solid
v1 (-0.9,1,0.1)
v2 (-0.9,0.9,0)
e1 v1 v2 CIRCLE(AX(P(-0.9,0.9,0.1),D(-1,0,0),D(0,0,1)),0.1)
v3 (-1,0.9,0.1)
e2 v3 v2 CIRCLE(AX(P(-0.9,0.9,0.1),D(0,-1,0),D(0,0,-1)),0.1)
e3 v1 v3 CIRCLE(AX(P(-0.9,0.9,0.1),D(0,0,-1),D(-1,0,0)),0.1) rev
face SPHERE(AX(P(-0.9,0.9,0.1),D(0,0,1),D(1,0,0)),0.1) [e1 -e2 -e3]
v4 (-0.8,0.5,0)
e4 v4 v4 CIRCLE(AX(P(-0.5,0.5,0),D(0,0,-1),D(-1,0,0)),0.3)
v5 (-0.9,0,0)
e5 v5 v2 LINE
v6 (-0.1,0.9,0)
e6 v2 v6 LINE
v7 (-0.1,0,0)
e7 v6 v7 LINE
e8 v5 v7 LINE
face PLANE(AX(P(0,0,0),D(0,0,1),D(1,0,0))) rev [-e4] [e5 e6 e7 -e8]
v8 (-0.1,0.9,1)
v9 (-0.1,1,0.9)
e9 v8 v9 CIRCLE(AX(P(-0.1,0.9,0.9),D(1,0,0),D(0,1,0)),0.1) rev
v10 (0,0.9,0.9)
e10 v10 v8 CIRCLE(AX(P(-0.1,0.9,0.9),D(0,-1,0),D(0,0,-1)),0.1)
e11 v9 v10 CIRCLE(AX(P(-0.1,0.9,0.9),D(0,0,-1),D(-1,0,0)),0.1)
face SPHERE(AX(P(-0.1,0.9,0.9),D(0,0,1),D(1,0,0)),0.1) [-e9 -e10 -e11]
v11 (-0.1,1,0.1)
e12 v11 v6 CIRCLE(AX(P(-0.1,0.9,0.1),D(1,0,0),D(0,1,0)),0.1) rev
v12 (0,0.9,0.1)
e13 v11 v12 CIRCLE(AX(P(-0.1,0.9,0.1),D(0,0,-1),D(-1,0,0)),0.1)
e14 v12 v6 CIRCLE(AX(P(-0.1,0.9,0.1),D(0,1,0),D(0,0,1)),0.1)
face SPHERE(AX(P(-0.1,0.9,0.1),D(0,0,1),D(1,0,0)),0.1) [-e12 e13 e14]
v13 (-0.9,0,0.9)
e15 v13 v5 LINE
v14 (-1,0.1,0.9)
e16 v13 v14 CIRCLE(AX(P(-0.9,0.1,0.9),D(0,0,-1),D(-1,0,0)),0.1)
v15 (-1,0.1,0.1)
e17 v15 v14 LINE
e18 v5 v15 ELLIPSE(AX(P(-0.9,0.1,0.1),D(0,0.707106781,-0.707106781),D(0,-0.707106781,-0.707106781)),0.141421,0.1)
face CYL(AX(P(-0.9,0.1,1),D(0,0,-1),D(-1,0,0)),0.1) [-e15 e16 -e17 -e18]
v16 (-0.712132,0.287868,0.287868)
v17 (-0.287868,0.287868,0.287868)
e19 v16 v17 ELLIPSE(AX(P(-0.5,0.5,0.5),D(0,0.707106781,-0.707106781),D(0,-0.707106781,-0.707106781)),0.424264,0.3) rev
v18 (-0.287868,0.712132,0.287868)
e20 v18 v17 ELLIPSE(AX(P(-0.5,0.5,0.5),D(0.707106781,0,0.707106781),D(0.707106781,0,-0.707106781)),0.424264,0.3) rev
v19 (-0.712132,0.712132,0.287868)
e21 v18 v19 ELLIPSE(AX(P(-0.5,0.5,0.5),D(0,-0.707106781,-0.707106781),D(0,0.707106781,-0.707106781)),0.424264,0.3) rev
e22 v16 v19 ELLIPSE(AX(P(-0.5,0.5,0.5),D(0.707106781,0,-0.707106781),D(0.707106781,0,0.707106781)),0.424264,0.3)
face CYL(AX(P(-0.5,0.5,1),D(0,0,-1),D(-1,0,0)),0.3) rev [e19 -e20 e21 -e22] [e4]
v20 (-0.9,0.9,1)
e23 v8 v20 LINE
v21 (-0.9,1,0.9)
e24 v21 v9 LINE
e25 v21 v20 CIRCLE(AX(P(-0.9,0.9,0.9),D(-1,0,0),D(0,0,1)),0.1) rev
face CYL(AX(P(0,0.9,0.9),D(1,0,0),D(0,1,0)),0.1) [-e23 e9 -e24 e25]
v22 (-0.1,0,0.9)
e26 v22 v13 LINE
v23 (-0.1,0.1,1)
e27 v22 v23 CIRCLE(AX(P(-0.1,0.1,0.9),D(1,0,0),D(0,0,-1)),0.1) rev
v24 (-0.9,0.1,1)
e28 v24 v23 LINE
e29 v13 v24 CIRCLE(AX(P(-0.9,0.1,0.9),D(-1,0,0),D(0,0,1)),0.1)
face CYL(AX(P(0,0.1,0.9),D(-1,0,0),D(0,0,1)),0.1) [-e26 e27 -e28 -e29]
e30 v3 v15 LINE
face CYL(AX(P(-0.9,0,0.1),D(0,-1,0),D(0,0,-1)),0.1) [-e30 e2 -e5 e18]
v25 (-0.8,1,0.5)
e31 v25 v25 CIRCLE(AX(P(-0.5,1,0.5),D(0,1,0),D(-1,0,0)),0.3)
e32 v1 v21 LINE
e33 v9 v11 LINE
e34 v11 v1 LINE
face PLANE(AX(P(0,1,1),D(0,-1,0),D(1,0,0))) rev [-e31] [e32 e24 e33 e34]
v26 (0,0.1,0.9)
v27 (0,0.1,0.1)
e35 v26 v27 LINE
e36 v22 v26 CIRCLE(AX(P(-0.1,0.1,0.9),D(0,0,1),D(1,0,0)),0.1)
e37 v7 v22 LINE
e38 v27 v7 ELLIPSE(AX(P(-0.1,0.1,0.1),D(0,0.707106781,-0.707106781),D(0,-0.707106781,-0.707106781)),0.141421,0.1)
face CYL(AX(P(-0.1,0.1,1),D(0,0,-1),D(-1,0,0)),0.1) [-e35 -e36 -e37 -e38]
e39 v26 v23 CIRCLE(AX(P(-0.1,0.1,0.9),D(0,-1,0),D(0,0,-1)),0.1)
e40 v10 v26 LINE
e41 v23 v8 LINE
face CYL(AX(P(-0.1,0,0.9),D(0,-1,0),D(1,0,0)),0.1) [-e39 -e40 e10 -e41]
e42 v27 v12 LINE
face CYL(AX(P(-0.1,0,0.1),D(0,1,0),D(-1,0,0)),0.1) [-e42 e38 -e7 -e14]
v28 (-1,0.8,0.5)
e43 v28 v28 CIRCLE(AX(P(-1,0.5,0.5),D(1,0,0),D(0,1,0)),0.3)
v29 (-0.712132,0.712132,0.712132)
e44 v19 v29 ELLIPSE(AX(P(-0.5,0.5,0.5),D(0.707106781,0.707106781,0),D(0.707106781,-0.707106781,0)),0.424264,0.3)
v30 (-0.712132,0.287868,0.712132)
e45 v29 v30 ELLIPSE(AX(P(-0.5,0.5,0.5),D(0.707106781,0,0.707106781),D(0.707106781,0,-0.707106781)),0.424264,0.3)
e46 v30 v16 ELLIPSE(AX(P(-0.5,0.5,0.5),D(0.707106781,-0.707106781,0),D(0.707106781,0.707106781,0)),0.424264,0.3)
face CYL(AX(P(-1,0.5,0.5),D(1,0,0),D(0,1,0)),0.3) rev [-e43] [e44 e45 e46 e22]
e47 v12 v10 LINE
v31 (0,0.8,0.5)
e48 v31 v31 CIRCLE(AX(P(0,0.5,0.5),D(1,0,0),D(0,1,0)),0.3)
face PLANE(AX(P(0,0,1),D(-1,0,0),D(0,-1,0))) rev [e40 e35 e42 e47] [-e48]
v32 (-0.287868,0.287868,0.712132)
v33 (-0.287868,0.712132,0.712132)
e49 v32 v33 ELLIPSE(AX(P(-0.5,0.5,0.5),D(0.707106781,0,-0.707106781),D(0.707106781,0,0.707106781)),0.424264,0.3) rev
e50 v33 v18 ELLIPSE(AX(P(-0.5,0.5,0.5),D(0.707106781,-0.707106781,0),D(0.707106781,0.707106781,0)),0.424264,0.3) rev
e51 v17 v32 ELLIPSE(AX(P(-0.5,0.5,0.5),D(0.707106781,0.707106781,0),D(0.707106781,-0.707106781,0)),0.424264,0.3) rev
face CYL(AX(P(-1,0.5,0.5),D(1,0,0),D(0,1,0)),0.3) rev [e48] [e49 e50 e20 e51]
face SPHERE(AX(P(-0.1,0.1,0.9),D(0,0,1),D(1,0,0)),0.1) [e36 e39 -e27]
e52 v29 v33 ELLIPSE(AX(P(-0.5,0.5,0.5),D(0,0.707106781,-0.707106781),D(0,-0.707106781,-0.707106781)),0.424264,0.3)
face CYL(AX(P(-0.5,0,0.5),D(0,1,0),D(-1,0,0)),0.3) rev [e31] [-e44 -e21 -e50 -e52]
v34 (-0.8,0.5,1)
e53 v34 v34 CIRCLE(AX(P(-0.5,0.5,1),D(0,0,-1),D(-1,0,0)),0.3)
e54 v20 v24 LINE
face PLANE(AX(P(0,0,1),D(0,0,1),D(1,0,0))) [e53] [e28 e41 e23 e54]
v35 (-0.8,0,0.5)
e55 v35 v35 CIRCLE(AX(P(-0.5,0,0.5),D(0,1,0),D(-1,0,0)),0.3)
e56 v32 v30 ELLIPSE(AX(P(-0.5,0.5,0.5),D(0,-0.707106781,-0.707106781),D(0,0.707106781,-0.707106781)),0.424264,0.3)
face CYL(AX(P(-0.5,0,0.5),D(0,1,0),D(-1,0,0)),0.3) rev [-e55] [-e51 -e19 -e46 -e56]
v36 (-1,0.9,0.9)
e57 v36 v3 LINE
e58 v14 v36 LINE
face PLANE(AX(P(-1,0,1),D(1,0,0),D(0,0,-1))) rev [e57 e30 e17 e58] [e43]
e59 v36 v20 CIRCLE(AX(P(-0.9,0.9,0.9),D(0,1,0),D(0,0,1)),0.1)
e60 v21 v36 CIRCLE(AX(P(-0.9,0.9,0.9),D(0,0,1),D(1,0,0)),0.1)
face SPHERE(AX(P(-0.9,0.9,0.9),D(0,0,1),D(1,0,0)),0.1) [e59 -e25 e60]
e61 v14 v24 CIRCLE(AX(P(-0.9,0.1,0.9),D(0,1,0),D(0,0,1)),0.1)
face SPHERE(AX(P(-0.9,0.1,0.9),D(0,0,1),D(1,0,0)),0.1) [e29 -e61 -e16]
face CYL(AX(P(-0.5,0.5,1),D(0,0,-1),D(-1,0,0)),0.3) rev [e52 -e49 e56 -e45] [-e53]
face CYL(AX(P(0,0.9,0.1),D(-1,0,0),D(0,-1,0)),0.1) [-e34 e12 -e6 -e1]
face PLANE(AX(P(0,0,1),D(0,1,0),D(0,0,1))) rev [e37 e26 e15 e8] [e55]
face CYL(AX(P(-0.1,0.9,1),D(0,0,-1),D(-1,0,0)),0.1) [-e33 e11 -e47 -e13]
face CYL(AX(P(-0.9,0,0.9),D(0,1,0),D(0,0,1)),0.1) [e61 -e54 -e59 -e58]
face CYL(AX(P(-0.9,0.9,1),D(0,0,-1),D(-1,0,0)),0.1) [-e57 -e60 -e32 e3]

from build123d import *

# Parameters (mm, degrees)
ESQUISSE1_W             = 1
ESQUISSE1_H             = 1
BOSS_EXTRU_1_DEPTH      = 1
ESQUISSE2_R             = 0.3
ENL_V_MAT_EXTRU_1_DEPTH = 1
ESQUISSE4_R             = 0.3
ENL_V_MAT_EXTRU_2_DEPTH = 1
ESQUISSE3_R             = 0.3
ENL_V_MAT_EXTRU_3_DEPTH = 1
CONG_2_R                = 0.1
CONG_3_R                = 0.1


with BuildPart() as part:
    # Esquisse1 → Boss.-Extru.1 (new body)
    with BuildSketch(Plane.XY):
        with Locations((-0.5, 0.5)):
            Rectangle(ESQUISSE1_W, ESQUISSE1_H)
    extrude(amount=BOSS_EXTRU_1_DEPTH)

    # Esquisse2 → Enlèv. mat.-Extru.1 (cut)
    with BuildSketch(Plane(origin=(0, 0, 0), x_dir=(0, 0, -1), z_dir=(1, 0, 0))):
        with Locations((-0.5, 0.5)):
            Circle(ESQUISSE2_R)
    extrude(amount=-ENL_V_MAT_EXTRU_1_DEPTH, mode=Mode.SUBTRACT)

    # Esquisse4 → Enlèv. mat.-Extru.2 (cut)
    with BuildSketch(Plane(origin=(0, 0, 0), x_dir=(-1, 0, 0), z_dir=(0, 0, -1))):
        with Locations((0.5, 0.5)):
            Circle(ESQUISSE4_R)
    extrude(amount=-ENL_V_MAT_EXTRU_2_DEPTH, mode=Mode.SUBTRACT)

    # Esquisse3 → Enlèv. mat.-Extru.3 (cut)
    with BuildSketch(Plane(origin=(0, 1, 0), x_dir=(1, 0, 0), z_dir=(0, 1, 0))):
        with Locations((-0.5, -0.5)):
            Circle(ESQUISSE3_R)
    extrude(amount=-ENL_V_MAT_EXTRU_3_DEPTH, mode=Mode.SUBTRACT)

    # Congé2
    cong_2_edges = [part.edges().sort_by_distance(p)[0] for p in [
        (-1, 0.5, 1),
        (-0.5, 1, 1),
        (-1, 1, 0.5),
    ]]
    fillet(cong_2_edges, radius=CONG_2_R)

    # Congé3
    cong_3_edges = [part.edges().sort_by_distance(p)[0] for p in [
        (0, 0.45, 1),
        (-0.45, 0, 1),
        (0, 1, 0.45),
        (0, 0.970710678, 0.970710678),
        (-1, 0, 0.45),
        (-0.970710678, 0, 0.970710678),
        (-1, 0.45, 0),
        (-0.970710678, 0.970710678, 0),
        (-0.45, 1, 0),
        (0, 0.5, 0),
        (0, 0, 0.5),
    ]]
    fillet(cong_3_edges, radius=CONG_3_R)


solid = part.part
